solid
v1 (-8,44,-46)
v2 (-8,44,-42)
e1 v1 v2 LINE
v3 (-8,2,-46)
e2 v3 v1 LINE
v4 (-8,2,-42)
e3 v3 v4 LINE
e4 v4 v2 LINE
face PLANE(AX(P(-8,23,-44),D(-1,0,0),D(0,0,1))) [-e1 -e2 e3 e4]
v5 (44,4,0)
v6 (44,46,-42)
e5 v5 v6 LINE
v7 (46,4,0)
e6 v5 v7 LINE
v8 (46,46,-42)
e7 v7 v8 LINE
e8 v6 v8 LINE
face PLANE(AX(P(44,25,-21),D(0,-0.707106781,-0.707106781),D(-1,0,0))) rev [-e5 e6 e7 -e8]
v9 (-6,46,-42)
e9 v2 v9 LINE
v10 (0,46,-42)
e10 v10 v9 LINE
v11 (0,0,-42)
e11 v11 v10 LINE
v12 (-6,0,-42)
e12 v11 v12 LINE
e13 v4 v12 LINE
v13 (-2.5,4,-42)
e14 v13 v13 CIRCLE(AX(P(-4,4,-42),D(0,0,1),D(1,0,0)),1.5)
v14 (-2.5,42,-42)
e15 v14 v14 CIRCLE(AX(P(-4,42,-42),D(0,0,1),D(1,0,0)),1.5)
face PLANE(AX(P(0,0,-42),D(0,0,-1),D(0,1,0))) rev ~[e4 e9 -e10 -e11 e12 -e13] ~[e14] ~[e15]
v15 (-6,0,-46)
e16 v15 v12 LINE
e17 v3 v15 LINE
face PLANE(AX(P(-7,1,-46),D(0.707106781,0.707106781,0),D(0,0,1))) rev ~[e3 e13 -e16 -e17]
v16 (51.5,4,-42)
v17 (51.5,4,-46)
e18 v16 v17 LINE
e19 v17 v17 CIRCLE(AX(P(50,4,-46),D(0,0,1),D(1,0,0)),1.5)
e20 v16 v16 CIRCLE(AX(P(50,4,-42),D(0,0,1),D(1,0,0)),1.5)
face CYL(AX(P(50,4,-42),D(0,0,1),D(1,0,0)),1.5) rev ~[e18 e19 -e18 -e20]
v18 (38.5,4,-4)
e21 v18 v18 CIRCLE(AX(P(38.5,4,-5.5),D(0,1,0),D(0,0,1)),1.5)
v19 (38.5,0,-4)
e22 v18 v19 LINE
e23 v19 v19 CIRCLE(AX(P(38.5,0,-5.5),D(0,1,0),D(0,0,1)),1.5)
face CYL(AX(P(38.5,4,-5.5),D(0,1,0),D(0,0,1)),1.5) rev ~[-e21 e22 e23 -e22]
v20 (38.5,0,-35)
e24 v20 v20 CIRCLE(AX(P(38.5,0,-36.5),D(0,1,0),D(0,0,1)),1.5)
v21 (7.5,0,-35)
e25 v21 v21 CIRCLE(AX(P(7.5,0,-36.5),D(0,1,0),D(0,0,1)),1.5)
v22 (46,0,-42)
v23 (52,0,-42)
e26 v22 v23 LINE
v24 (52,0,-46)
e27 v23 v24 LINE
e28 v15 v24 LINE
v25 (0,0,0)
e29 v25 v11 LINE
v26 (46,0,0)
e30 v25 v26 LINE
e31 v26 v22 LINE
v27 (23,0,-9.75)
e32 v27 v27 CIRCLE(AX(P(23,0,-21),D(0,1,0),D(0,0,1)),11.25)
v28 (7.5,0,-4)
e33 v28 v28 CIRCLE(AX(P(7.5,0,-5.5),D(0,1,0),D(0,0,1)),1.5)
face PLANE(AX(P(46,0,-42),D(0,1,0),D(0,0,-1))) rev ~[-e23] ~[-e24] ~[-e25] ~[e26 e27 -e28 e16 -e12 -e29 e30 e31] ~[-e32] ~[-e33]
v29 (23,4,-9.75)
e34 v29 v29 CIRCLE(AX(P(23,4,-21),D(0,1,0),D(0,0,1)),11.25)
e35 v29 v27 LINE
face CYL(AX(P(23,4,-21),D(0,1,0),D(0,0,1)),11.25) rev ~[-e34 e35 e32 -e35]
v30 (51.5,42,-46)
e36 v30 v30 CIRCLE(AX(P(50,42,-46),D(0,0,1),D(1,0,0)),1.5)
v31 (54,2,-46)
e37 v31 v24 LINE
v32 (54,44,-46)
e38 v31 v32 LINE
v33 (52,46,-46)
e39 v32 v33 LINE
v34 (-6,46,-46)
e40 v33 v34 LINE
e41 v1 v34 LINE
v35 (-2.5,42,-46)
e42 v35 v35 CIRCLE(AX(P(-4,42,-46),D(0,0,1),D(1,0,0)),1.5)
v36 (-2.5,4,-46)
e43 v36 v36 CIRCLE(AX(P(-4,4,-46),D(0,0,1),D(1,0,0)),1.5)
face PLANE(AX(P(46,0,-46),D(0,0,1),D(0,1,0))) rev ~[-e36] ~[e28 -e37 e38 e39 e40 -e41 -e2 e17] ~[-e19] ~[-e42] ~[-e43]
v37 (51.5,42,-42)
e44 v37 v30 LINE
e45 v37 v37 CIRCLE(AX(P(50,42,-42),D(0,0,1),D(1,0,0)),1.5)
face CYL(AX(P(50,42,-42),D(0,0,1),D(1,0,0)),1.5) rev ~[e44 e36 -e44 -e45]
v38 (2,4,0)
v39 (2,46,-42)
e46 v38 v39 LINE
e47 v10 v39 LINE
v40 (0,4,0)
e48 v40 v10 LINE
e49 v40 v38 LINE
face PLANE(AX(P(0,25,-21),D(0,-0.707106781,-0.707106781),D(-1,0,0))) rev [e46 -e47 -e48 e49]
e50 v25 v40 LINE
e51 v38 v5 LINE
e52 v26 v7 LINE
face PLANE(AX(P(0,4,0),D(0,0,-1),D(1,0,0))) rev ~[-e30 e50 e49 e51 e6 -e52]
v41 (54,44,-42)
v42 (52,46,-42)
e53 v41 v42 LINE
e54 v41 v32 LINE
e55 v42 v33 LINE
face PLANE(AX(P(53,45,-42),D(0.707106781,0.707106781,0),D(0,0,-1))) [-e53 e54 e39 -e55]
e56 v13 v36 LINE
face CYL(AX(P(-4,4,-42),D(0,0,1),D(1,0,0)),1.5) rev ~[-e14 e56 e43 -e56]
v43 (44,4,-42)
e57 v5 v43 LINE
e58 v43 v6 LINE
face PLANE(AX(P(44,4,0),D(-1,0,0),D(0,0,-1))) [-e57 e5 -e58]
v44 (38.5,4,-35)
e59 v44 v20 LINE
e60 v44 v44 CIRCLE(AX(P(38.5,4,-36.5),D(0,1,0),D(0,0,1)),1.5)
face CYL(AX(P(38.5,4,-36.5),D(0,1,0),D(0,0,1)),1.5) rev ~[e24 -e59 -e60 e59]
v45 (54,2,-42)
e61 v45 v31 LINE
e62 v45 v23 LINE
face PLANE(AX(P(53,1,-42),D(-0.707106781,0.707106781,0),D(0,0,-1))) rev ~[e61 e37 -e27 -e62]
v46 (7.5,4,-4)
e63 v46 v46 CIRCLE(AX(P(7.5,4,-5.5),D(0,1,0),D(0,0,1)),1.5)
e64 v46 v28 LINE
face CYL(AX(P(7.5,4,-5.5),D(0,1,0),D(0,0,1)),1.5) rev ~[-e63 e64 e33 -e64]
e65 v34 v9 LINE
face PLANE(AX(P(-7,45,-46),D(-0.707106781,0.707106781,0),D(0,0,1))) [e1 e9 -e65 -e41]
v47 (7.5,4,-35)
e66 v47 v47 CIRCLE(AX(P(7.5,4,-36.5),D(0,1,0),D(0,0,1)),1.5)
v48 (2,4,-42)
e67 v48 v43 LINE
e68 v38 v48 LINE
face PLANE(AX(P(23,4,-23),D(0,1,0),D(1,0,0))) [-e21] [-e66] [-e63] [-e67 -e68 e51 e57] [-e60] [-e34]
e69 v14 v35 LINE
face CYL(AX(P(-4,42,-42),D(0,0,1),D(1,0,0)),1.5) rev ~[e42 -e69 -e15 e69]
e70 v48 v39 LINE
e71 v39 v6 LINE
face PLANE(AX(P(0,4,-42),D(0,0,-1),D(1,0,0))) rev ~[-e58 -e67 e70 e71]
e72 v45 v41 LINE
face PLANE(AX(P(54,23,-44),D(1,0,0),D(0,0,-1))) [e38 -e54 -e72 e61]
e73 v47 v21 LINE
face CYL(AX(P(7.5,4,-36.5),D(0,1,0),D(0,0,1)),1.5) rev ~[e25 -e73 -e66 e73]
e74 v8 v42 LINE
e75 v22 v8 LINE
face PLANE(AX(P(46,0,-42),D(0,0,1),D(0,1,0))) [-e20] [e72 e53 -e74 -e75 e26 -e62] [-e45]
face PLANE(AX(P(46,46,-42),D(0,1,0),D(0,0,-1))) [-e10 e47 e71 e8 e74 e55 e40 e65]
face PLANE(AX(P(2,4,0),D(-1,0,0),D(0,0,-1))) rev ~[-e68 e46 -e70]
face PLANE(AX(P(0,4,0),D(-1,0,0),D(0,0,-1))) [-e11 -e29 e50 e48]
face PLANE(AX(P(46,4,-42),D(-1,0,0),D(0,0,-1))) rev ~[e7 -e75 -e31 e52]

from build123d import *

# Parameters (mm, degrees)
SKETCH1_W           = 46
SKETCH1_H           = 46
BOSS_EXTRUDE1_DEPTH = 4
SKETCH2_W           = 46
SKETCH2_H           = 4
BOSS_EXTRUDE2_DEPTH = 42
SKETCH3_W           = 2
SKETCH3_H           = 42
BOSS_EXTRUDE3_DEPTH = 42
CHAMFER1_SIZE       = 42
SKETCH4_R           = 11.25
CUT_EXTRUDE1_DEPTH  = 42
SKETCH5_R           = 1.5
CUT_EXTRUDE2_DEPTH  = 42
SKETCH7_W           = 4
SKETCH7_H           = 46
BOSS_EXTRUDE4_DEPTH = 8
SKETCH8_W           = 4
SKETCH8_H           = 46
BOSS_EXTRUDE5_DEPTH = 8
CHAMFER2_SIZE       = 2
SKETCH6_R           = 1.5
CUT_EXTRUDE3_DEPTH  = 42


with BuildPart() as part:
    # Sketch1 → Boss-Extrude1 (new body)
    with BuildSketch(Plane(origin=(0, 0, 0), x_dir=(1, 0, 0), z_dir=(0, 1, 0))):
        with Locations((23, 23)):
            Rectangle(SKETCH1_W, SKETCH1_H)
    extrude(amount=BOSS_EXTRUDE1_DEPTH)

    # Sketch2 → Boss-Extrude2 (add)
    with BuildSketch(Plane(origin=(0, 4, 0), x_dir=(1, 0, 0), z_dir=(0, 1, 0))):
        with Locations((23, 44)):
            Rectangle(SKETCH2_W, SKETCH2_H)
    extrude(amount=BOSS_EXTRUDE2_DEPTH)

    # Sketch3 → Boss-Extrude3 (add)
    with BuildSketch(Plane(origin=(0, 4, 0), x_dir=(1, 0, 0), z_dir=(0, 1, 0))):
        with Locations((1, 21)):
            Rectangle(SKETCH3_W, SKETCH3_H)
        with Locations((45, 21)):
            Rectangle(SKETCH3_W, SKETCH3_H)
    extrude(amount=BOSS_EXTRUDE3_DEPTH)

    # Chamfer1
    chamfer1_edges = [part.edges().sort_by_distance(p)[0] for p in [
        (45, 46, 0),
        (1, 46, 0),
    ]]
    chamfer(chamfer1_edges, length=CHAMFER1_SIZE)

    # Sketch4 → Cut-Extrude1 (cut)
    with BuildSketch(Plane(origin=(0, 4, 0), x_dir=(1, 0, 0), z_dir=(0, 1, 0))):
        with Locations(Location((23, 21, 0), (0, 0, 270))):
            Circle(SKETCH4_R)
    extrude(amount=-CUT_EXTRUDE1_DEPTH, mode=Mode.SUBTRACT)

    # Sketch5 → Cut-Extrude2 (cut)
    with BuildSketch(Plane(origin=(0, 4, 0), x_dir=(1, 0, 0), z_dir=(0, 1, 0))):
        with Locations(Location((7.5, 36.5, 0), (0, 0, 270))):
            Circle(SKETCH5_R)
        with Locations(Location((7.5, 5.5, 0), (0, 0, 270))):
            Circle(SKETCH5_R)
        with Locations(Location((38.5, 5.5, 0), (0, 0, 270))):
            Circle(SKETCH5_R)
        with Locations(Location((38.5, 36.5, 0), (0, 0, 270))):
            Circle(SKETCH5_R)
    extrude(amount=-CUT_EXTRUDE2_DEPTH, mode=Mode.SUBTRACT)

    # Sketch7 → Boss-Extrude4 (add)
    with BuildSketch(Plane.ZY):
        with Locations((-44, 23)):
            Rectangle(SKETCH7_W, SKETCH7_H)
    extrude(amount=BOSS_EXTRUDE4_DEPTH)

    # Sketch8 → Boss-Extrude5 (add)
    with BuildSketch(Plane(origin=(46, 0, 0), x_dir=(0, 0, -1), z_dir=(1, 0, 0))):
        with Locations((44, 23)):
            Rectangle(SKETCH8_W, SKETCH8_H)
    extrude(amount=BOSS_EXTRUDE5_DEPTH)

    # Chamfer2
    chamfer2_edges = [part.edges().sort_by_distance(p)[0] for p in [
        (54, 46, -44),
        (54, 0, -44),
        (-8, 0, -44),
        (-8, 46, -44),
    ]]
    chamfer(chamfer2_edges, length=CHAMFER2_SIZE)

    # Sketch6 → Cut-Extrude3 (cut)
    with BuildSketch(Plane.XY.offset(-42)):
        with Locations((-4, 42)):
            Circle(SKETCH6_R)
        with Locations((-4, 4)):
            Circle(SKETCH6_R)
        with Locations((50, 4)):
            Circle(SKETCH6_R)
        with Locations((50, 42)):
            Circle(SKETCH6_R)
    extrude(amount=-CUT_EXTRUDE3_DEPTH, mode=Mode.SUBTRACT)


solid = part.part
